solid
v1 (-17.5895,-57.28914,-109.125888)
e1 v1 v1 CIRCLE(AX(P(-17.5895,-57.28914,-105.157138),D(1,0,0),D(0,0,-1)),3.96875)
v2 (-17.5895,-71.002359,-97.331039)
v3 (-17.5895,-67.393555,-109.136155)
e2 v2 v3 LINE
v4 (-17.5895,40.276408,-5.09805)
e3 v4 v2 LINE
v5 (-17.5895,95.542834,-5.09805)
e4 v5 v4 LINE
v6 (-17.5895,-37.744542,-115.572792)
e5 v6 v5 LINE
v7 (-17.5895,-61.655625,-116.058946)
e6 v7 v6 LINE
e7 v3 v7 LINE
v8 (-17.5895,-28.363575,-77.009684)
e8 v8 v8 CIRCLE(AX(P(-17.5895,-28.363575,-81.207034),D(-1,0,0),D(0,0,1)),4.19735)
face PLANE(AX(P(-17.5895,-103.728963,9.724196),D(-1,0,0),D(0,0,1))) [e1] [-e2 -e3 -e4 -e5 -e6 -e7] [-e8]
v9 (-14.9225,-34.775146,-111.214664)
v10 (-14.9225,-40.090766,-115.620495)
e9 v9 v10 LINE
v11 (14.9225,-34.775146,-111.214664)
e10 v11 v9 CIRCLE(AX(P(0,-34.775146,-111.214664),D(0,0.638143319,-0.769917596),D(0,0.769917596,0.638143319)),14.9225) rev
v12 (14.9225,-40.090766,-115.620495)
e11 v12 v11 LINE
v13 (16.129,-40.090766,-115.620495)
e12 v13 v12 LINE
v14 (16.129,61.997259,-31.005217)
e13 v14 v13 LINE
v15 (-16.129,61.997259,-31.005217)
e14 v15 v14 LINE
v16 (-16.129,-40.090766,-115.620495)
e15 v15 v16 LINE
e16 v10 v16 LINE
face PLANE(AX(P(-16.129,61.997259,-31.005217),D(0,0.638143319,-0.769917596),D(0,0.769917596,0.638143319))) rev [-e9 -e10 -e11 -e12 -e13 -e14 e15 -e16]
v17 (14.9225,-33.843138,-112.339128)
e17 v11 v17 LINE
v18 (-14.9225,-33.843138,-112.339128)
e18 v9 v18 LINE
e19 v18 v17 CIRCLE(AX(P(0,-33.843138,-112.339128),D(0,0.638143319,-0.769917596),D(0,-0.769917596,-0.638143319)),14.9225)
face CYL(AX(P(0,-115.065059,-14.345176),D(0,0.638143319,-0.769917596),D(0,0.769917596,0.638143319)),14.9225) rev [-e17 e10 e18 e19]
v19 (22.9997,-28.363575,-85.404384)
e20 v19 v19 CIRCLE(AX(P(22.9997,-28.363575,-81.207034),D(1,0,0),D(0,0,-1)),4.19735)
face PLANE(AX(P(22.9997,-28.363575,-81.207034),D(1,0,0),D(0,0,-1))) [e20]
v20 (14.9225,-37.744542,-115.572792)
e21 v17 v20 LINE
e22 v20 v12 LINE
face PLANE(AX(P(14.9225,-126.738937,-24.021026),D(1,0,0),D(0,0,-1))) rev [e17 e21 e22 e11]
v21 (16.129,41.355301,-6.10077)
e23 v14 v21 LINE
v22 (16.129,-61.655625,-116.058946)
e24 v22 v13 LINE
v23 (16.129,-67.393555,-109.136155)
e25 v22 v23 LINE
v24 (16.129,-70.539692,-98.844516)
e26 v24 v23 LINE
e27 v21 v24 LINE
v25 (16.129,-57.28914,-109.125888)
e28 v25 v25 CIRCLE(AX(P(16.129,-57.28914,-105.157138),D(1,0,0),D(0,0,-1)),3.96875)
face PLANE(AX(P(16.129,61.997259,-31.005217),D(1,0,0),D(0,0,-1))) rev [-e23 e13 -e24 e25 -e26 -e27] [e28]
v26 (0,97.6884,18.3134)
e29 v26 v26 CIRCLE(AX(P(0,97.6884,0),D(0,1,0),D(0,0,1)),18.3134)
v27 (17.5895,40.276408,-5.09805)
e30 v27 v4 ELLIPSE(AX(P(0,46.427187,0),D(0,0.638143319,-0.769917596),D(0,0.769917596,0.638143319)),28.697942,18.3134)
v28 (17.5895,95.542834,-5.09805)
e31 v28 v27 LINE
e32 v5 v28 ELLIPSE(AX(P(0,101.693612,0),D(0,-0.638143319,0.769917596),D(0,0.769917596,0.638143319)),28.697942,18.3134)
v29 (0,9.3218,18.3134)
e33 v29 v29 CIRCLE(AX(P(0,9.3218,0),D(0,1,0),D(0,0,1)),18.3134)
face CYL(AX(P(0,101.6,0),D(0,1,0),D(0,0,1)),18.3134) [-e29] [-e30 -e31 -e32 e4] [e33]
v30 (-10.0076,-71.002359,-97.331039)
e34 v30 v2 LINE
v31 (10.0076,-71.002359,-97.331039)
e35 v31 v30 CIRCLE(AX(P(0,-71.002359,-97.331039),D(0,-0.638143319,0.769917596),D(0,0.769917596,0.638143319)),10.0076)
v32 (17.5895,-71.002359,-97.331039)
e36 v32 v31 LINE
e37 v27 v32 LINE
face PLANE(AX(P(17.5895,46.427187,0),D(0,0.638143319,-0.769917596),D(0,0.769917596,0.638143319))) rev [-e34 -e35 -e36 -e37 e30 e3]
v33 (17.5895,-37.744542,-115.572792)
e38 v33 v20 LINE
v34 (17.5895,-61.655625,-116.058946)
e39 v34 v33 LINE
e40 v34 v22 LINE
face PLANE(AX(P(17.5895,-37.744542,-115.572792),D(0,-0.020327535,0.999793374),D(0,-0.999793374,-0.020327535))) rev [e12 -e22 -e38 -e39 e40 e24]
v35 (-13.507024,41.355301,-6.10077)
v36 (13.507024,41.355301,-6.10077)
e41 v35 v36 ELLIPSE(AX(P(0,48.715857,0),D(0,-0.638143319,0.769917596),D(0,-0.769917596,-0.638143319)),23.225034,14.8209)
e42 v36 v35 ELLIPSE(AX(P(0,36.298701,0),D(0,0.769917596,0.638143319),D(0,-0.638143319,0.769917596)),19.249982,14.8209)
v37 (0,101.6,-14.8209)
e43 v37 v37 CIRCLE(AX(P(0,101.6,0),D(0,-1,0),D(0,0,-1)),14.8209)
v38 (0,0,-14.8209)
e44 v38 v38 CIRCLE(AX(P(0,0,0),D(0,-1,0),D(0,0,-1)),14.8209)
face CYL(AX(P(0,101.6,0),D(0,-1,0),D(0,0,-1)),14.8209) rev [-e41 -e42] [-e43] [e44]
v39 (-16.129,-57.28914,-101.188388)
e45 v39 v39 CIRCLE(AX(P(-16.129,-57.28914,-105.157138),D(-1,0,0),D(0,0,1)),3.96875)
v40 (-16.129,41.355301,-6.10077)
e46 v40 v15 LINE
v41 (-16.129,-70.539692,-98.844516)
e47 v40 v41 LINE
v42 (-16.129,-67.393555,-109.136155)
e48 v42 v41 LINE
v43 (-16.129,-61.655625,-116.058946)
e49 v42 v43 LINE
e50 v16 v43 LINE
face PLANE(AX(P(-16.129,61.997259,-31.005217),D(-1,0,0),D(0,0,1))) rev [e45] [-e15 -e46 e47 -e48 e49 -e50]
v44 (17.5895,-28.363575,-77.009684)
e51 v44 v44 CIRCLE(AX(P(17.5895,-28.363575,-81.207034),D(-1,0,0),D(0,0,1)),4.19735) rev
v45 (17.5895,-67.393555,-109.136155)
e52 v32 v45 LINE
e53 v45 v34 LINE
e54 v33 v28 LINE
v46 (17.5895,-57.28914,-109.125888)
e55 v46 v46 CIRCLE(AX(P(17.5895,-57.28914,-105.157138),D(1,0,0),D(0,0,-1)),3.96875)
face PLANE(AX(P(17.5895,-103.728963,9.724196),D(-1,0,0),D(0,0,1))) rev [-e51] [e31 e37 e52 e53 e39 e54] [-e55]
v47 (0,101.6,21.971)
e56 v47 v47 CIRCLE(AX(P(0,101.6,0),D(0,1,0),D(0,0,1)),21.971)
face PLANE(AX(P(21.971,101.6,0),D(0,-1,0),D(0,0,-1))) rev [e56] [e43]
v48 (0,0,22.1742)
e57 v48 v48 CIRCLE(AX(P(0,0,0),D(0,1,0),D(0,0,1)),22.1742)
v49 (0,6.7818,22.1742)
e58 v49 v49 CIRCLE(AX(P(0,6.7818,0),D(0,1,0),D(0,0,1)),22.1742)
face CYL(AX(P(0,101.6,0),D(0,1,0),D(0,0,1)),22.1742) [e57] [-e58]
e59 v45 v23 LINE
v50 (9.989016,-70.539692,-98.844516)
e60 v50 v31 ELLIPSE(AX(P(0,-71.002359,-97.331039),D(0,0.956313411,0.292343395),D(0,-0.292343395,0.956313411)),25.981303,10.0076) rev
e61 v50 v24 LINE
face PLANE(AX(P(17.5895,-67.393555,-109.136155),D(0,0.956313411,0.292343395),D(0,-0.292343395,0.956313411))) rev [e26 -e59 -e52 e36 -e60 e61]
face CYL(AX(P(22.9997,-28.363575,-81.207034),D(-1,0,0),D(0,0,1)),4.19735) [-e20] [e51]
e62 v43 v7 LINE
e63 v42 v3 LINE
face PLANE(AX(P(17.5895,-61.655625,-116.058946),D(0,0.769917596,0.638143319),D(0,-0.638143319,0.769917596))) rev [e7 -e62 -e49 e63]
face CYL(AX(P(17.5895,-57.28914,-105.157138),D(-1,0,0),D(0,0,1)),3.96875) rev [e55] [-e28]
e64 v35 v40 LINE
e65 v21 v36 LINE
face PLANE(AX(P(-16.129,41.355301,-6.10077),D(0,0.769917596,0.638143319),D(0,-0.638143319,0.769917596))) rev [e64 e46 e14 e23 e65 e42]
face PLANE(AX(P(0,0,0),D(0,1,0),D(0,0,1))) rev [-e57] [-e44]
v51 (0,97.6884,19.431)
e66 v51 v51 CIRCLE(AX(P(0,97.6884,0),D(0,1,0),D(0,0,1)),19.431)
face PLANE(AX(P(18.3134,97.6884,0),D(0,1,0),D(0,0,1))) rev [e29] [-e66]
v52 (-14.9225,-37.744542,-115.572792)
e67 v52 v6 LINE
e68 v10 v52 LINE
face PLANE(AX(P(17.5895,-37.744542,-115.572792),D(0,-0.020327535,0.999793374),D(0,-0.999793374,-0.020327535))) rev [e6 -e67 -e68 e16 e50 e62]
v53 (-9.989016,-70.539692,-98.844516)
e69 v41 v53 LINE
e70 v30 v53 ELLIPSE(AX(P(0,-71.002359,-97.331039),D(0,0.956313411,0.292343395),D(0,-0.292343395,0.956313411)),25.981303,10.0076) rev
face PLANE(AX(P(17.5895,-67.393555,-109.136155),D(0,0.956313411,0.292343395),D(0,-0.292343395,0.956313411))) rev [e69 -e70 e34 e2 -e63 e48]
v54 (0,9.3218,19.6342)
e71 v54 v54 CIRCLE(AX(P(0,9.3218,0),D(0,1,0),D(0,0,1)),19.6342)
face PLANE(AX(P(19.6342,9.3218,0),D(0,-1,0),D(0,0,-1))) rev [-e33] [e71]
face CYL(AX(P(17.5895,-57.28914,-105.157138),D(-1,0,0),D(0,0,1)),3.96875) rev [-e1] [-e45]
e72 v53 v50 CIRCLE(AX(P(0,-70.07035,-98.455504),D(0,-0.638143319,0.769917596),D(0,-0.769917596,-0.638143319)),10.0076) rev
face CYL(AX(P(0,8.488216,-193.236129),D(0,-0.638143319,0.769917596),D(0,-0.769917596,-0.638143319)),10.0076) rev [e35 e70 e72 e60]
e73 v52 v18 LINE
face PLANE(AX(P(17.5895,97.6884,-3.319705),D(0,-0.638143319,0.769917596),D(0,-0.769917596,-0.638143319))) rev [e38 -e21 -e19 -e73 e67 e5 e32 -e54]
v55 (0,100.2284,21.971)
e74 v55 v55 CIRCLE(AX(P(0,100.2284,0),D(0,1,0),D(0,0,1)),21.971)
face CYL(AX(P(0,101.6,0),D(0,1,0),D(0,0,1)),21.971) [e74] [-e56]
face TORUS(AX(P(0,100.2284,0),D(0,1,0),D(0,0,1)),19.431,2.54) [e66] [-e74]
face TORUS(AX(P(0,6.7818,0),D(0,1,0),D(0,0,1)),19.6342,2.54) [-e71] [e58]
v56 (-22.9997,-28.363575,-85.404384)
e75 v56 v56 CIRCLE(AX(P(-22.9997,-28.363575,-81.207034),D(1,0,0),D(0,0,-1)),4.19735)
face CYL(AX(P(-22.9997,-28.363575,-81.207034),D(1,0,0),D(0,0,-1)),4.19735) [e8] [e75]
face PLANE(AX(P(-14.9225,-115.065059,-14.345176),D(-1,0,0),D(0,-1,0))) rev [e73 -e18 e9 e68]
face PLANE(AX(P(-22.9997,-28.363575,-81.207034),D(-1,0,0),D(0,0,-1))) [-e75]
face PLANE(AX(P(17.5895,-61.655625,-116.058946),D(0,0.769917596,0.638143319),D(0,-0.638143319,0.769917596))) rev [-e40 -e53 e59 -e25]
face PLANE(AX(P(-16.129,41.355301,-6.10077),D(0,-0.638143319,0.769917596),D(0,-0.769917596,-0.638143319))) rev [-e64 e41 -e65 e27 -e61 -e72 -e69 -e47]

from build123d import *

# Parameters (mm, degrees)
SKETCH4_R           = 3.96875
BOSS_EXTRUDE1_DEPTH = 17.5895
SKETCH5_W           = 32.258
SKETCH5_H           = 32.3469
CUT_EXTRUDE1_DEPTH  = 149.479
CUT_EXTRUDE2_REACH  = 129.277
CUT_EXTRUDE3_REACH  = 126.564
SKETCH8_R           = 4.19735
BOSS_EXTRUDE2_DEPTH = 5.4102
SKETCH9_R           = 14.8209
CUT_EXTRUDE4_DEPTH  = 102.6


with BuildPart() as part:
    # Sketch3 → Revolve1 (revolve)
    with BuildSketch(Plane.XY):
        with BuildLine():
            Line((0, 0), (22.1742, 0))
            Line((22.1742, 0), (22.1742, 6.7818))
            ThreePointArc((22.1742, 6.7818), (21.430251224, 8.577851224), (19.6342, 9.3218))
            Line((19.6342, 9.3218), (18.3134, 9.3218))
            Line((18.3134, 9.3218), (18.3134, 97.6884))
            Line((18.3134, 97.6884), (19.431, 97.6884))
            ThreePointArc((19.431, 97.6884), (21.227051224, 98.432348776), (21.971, 100.2284))
            Line((21.971, 100.2284), (21.971, 101.6))
            Line((21.971, 101.6), (0, 101.6))
            Line((0, 101.6), (0, 0))
        make_face()
    revolve(axis=Axis((0, 101.6, 0), (0, -1, 0)))

    # Sketch4 → Boss-Extrude1 (add, symmetric)
    with BuildSketch(Plane(origin=(0, 0, 0), x_dir=(0, 0, -1), z_dir=(1, 0, 0))):
        Polygon((3.319704812, 97.6884), (115.572791881, -37.744541555), (116.058945734, -61.655625383), (109.136154682, -67.393554854), (97.331039415, -71.002358659), (0, 46.427186637), align=None)
        with Locations((105.157137902, -57.289139694)):
            Circle(SKETCH4_R, mode=Mode.SUBTRACT)
    extrude(amount=BOSS_EXTRUDE1_DEPTH, both=True)

    # Sketch5 → Cut-Extrude1 (cut)
    with BuildSketch(Plane(origin=(0, -93.569618845, -77.554828616), x_dir=(1, 0, 0), z_dir=(0, -0.769917596, -0.638143319))):
        with Locations((0, -47.261148993)):
            Rectangle(SKETCH5_W, SKETCH5_H)
    extrude(amount=-CUT_EXTRUDE1_DEPTH, mode=Mode.SUBTRACT)

    # Sketch6 → Cut-Extrude2 (cut, up to next)
    with BuildSketch(Plane(origin=(0, 41.412373886, -49.963878576), x_dir=(-1, 0, 0), z_dir=(0, 0.638143319, -0.769917596)), mode=Mode.PRIVATE) as cut_extrude2_sk1:
        with BuildLine():
            Line((14.9225, -97.744891724), (14.9225, -112.907394914))
            Line((14.9225, -112.907394914), (-14.9225, -112.907394914))
            Line((-14.9225, -112.907394914), (-14.9225, -97.744891724))
            ThreePointArc((-14.9225, -97.744891724), (0, -82.822391724), (14.9225, -97.744891724))
        make_face()
    cut_extrude2_tool1 = extrude(cut_extrude2_sk1.sketch, amount=-CUT_EXTRUDE2_REACH, mode=Mode.PRIVATE) & part.part
    add(cut_extrude2_tool1.solids().sort_by_distance((0, -35.009466, -113.305835))[0], mode=Mode.SUBTRACT)

    # Sketch7 → Cut-Extrude3 (cut, up to next)
    with BuildSketch(Plane(origin=(0, 18.906399111, -22.81050181), x_dir=(1, 0, 0), z_dir=(0, -0.638143319, 0.769917596)), mode=Mode.PRIVATE) as cut_extrude3_sk1:
        with BuildLine():
            Line((-9.989016296, -117.386717047), (9.989016296, -117.386717047))
            ThreePointArc((9.989016296, -117.386717047), (0, -106.76951783), (-9.989016296, -117.386717047))
        make_face()
    cut_extrude3_tool1 = extrude(cut_extrude3_sk1.sketch, amount=-CUT_EXTRUDE3_REACH, mode=Mode.PRIVATE) & part.part
    add(cut_extrude3_tool1.solids().sort_by_distance((0, -67.984352, -94.829576))[0], mode=Mode.SUBTRACT)

    # Sketch8 → Boss-Extrude2 (add)
    with BuildSketch(Plane(origin=(17.5895, 0, 0), x_dir=(0, 0, -1), z_dir=(1, 0, 0))):
        with Locations((81.207034429, -28.363574673)):
            Circle(SKETCH8_R)
    boss_extrude2 = extrude(amount=BOSS_EXTRUDE2_DEPTH)

    # Mirror1: Boss-Extrude2 across plane
    add(boss_extrude2.mirror(Plane(origin=(0, 0, 0), x_dir=(0, 0, 1), z_dir=(1, 0, 0))))

    # Sketch9 → Cut-Extrude4 (cut, through all)
    with BuildSketch(Plane.XZ):
        Circle(SKETCH9_R)
    extrude(amount=-CUT_EXTRUDE4_DEPTH, mode=Mode.SUBTRACT)


solid = part.part
